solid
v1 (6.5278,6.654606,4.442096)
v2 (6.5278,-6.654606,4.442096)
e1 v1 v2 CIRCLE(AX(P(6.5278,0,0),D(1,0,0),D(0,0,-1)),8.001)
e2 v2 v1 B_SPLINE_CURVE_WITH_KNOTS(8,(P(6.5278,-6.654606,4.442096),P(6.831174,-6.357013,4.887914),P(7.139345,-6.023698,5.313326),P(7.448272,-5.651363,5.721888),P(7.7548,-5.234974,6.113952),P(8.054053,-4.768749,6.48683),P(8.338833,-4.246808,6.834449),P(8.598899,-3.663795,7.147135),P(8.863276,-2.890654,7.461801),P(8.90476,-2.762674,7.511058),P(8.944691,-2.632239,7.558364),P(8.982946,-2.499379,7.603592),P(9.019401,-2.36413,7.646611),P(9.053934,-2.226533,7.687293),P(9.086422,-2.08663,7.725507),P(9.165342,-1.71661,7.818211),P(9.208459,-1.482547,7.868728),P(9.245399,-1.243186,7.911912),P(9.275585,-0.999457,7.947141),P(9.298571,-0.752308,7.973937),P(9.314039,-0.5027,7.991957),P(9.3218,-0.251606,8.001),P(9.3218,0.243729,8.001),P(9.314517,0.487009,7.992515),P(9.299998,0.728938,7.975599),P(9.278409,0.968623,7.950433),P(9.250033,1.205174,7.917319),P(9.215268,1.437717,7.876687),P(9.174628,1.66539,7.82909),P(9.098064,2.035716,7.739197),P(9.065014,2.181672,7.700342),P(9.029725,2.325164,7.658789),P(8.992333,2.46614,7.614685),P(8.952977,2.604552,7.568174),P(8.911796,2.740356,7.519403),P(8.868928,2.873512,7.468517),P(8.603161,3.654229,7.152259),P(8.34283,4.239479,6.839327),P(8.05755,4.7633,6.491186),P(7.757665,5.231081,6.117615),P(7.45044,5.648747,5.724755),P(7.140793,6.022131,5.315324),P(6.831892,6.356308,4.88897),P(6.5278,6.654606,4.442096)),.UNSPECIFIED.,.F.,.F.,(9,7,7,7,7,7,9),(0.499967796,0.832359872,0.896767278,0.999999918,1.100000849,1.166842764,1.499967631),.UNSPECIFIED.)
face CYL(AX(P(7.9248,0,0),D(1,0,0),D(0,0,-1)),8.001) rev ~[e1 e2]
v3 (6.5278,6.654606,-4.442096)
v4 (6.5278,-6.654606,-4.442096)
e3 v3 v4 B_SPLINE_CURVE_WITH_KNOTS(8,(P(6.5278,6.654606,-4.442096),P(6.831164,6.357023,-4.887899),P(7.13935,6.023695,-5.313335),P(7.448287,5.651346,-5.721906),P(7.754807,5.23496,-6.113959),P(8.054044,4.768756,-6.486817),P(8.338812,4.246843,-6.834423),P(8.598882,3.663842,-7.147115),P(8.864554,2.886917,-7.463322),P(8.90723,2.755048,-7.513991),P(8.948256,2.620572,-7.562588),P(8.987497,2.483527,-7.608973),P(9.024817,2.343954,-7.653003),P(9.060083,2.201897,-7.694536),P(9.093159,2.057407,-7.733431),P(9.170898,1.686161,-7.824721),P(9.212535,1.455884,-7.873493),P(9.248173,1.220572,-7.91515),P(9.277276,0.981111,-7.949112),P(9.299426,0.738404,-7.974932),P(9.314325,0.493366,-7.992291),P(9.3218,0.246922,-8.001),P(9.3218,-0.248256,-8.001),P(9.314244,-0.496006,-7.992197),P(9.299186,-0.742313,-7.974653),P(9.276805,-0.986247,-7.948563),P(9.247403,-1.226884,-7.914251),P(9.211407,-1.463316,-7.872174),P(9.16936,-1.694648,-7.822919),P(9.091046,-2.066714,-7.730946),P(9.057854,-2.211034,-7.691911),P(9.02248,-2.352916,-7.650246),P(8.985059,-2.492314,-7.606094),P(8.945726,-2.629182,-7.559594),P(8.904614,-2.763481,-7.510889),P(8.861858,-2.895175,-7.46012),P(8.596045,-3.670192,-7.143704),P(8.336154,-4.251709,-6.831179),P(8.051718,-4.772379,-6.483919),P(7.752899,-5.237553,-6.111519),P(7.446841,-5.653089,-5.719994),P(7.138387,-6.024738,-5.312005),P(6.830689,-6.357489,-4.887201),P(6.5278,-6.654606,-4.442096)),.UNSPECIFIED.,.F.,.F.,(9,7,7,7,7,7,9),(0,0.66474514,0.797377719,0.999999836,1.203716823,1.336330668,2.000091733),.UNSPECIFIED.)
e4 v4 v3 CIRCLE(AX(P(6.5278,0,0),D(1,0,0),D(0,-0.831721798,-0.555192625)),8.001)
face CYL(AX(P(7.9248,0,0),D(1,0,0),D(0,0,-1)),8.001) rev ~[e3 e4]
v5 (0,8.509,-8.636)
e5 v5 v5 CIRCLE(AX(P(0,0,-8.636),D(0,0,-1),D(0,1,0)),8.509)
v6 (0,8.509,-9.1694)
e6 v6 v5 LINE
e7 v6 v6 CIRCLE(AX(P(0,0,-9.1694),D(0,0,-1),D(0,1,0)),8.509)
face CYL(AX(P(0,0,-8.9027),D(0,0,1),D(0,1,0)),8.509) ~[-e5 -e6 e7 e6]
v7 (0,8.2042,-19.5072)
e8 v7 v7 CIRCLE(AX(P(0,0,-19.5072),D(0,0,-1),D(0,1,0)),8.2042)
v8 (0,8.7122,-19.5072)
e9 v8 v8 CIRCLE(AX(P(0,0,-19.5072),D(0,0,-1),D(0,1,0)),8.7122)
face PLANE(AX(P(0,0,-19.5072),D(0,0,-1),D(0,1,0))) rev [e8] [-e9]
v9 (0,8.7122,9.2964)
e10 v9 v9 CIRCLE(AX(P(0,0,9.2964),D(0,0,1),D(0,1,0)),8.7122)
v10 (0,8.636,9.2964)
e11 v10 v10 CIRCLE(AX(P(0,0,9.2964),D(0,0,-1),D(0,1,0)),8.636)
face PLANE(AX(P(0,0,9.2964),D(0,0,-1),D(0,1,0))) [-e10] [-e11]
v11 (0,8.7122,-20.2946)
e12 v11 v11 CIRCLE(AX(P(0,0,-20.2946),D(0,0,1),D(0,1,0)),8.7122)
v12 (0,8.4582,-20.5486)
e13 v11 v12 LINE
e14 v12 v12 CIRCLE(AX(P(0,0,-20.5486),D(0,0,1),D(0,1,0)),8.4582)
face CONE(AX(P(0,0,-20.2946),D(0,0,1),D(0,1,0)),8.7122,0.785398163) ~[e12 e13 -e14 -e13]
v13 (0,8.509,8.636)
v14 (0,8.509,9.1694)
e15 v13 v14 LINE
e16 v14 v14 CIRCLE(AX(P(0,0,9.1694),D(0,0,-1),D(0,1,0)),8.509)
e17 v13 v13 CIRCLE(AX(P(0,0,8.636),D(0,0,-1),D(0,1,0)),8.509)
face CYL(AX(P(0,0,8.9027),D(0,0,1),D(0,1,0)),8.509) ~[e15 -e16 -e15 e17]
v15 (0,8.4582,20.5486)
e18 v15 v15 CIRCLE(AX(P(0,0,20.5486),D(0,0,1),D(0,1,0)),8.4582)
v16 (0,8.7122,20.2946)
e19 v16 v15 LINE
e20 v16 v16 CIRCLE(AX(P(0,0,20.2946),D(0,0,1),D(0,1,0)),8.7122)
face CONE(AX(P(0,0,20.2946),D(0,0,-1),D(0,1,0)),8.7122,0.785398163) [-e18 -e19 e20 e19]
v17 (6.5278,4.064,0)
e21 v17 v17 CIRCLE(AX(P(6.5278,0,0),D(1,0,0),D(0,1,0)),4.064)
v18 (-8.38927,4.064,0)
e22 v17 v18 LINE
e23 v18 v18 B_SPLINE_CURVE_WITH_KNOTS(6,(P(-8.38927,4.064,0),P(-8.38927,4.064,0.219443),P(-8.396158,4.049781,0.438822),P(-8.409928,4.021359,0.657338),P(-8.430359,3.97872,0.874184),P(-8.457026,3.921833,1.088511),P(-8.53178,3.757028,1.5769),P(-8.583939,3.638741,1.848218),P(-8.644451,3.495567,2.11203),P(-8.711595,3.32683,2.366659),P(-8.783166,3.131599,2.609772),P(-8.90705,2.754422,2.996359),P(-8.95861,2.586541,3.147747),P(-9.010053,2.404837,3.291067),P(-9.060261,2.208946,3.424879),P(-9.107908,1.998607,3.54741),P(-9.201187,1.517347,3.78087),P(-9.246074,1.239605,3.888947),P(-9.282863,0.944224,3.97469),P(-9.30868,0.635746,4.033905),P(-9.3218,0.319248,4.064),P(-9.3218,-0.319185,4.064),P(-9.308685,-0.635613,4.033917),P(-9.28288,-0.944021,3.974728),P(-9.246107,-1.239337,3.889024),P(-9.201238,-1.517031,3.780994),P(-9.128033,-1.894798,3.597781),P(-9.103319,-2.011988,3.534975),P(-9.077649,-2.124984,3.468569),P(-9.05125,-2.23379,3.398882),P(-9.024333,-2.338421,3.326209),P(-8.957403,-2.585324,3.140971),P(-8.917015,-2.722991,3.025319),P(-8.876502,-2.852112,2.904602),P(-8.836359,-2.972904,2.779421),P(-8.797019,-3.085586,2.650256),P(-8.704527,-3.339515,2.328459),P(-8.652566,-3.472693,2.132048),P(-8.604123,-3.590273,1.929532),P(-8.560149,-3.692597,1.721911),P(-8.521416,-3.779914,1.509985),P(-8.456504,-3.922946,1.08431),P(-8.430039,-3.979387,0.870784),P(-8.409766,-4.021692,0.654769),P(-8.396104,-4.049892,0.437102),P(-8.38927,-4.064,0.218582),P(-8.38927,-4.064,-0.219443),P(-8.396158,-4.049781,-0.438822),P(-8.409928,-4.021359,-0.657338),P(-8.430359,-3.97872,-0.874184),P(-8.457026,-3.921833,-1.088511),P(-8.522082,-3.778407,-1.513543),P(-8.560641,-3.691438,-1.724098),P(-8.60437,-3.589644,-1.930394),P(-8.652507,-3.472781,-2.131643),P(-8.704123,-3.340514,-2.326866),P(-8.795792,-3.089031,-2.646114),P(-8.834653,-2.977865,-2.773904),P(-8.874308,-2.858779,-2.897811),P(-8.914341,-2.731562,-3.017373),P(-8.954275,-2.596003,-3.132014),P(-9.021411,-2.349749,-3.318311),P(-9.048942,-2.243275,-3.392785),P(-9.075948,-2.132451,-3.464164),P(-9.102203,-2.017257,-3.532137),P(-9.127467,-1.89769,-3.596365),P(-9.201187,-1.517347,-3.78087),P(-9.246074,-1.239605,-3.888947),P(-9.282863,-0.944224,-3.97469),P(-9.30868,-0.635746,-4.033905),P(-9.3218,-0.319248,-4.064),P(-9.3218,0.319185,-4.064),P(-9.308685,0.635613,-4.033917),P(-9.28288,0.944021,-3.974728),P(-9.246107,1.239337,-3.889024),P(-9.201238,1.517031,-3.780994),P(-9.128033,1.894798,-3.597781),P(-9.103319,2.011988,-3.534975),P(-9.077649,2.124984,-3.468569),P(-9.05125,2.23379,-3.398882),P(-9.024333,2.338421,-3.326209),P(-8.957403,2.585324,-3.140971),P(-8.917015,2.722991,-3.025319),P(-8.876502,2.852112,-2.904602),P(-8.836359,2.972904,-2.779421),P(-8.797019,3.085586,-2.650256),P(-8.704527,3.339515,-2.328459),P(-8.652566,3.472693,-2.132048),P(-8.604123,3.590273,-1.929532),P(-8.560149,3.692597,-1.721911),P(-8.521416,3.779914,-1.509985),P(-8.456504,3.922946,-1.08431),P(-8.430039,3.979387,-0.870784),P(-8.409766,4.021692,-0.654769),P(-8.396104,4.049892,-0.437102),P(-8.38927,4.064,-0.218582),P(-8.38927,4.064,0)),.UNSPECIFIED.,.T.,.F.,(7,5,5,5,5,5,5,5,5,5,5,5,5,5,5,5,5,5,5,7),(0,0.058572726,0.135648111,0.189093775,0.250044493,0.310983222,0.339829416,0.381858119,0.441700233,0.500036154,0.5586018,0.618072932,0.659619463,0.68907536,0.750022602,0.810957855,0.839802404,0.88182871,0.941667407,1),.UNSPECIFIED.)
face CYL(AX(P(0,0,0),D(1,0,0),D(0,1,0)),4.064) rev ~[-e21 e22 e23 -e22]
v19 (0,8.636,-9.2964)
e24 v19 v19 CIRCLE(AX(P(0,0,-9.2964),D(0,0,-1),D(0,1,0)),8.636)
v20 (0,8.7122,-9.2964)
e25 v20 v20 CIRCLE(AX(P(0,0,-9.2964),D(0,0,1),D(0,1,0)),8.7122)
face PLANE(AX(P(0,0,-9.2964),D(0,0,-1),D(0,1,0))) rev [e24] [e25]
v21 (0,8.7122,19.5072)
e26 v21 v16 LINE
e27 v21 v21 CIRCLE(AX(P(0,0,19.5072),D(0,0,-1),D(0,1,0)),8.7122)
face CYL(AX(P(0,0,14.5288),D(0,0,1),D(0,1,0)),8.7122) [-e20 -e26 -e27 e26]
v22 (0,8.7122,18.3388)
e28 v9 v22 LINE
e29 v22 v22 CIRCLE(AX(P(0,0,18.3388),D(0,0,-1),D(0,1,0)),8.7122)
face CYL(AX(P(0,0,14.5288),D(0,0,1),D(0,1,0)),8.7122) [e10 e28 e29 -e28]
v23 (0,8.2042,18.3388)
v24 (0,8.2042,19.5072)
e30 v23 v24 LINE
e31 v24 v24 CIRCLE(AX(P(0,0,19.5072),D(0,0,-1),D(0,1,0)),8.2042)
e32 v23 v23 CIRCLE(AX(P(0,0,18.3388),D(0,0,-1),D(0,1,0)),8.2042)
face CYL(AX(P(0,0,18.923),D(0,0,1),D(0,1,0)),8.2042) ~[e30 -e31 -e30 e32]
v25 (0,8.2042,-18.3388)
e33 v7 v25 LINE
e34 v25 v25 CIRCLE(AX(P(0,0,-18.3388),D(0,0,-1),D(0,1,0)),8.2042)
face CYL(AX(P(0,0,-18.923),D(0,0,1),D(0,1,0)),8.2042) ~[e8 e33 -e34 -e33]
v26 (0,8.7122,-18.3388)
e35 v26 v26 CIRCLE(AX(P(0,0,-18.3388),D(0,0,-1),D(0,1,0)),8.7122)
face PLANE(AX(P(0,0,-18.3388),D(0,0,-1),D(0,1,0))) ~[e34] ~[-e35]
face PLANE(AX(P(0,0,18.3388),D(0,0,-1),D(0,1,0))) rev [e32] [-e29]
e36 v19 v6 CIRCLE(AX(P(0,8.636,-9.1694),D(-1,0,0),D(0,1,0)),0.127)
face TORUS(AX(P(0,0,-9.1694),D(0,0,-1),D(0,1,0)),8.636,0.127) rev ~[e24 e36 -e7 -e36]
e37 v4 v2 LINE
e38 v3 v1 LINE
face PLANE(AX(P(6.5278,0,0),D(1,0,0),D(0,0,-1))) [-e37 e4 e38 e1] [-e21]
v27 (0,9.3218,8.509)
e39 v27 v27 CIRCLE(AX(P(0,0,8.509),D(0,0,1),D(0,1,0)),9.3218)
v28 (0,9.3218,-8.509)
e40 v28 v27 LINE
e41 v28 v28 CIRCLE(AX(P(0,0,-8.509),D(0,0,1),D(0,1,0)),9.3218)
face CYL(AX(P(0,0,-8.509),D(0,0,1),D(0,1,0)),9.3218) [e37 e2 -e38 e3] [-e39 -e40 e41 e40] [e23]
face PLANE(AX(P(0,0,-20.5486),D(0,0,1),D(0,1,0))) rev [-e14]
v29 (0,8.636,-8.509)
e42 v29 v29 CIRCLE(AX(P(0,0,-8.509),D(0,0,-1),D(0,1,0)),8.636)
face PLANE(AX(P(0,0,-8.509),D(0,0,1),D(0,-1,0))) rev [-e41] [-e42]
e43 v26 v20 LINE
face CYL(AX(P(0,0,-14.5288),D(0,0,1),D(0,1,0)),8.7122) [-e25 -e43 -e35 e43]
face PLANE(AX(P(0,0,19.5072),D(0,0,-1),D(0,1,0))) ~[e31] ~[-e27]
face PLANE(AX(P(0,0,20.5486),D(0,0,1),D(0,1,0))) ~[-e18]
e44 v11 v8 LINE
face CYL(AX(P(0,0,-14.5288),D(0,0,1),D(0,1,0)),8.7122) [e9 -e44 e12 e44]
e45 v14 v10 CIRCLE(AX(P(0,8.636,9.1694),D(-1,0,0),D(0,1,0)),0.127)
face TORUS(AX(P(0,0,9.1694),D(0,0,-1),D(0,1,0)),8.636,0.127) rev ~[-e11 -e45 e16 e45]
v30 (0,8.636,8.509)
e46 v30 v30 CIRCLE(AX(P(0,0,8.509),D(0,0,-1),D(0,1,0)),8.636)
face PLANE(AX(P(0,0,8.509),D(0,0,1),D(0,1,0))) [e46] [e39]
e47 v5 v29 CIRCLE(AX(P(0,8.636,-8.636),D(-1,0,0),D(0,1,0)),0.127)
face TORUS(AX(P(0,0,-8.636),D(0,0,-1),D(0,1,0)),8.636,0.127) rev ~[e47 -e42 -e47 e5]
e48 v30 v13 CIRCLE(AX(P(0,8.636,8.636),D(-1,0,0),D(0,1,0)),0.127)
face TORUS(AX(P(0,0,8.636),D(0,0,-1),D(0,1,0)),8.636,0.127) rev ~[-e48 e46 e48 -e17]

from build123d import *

# Parameters (mm, degrees)
F0_W          = 8.7122
F0_H          = 8.509
F0_W_2        = 0.6096
F0_H_2        = 12.0396
F2_R          = 4.064
F3_DEPTH      = 9.3228
F3_DEPTH_BACK = 9.3228
F4_W          = 2.794
F4_H          = 8.001
F6_W          = 0.2032
F6_H          = 0.7874
F6_W_2        = 6.1468
F8_W          = 0.508
F8_H          = 1.1684
F10_R         = 0.127
F11_SIZE      = 0.254


with BuildPart() as f1:
    # F0 (on Right) → F1 (revolve)
    with BuildSketch(Plane.YZ):
        with Locations((4.3561, 4.2545)):
            Rectangle(F0_W, F0_H)
        with Locations((4.3561, -4.2545)):
            Rectangle(F0_W, F0_H)
        with Locations((9.017, 4.2545)):
            Rectangle(F0_W_2, F0_H)
        with Locations((9.017, -4.2545)):
            Rectangle(F0_W_2, F0_H)
        with Locations((4.3561, -14.5288)):
            Rectangle(F0_W, F0_H_2)
        with Locations((4.3561, 14.5288)):
            Rectangle(F0_W, F0_H_2)
    revolve(axis=Axis((0, 0, 10.2743), (0, 0, 1)))

    # F2 (on Right) → F3 (cut, two sides)
    with BuildSketch(Plane.YZ) as f3_sk:
        Circle(F2_R)
    extrude(amount=-F3_DEPTH, mode=Mode.SUBTRACT)
    extrude(f3_sk.sketch, amount=F3_DEPTH_BACK, mode=Mode.SUBTRACT)

    # F4 (on Front) → F5 (revolve, cut)
    with BuildSketch(Plane.XZ):
        with Locations((7.9248, -4.0005)):
            Rectangle(F4_W, F4_H)
    revolve(axis=Axis((12.8778, 0, 0), (1, 0, 0)), mode=Mode.SUBTRACT)

    # F6 (on Right) → F7 (revolve, cut)
    with BuildSketch(Plane.YZ):
        Polygon((14.859, -8.509), (9.3218, -8.509), (8.7122, -8.509), (8.7122, -9.2964), (14.859, -9.2964), align=None)
        with Locations((8.6106, -8.9027)):
            Rectangle(F6_W, F6_H)
        with Locations((8.6106, 8.9027)):
            Rectangle(F6_W, F6_H)
        with Locations((11.7856, 8.9027)):
            Rectangle(F6_W_2, F6_H)
    revolve(axis=Axis((0, 0, -10.2471997961), (0, 0, -1)), mode=Mode.SUBTRACT)

    # F8 (on Right) → F9 (revolve, cut)
    with BuildSketch(Plane.YZ):
        with Locations((8.4582, -18.923)):
            Rectangle(F8_W, F8_H)
        with Locations((8.4582, 18.923)):
            Rectangle(F8_W, F8_H)
    revolve(axis=Axis((0, 0, -10.2743), (0, 0, -1)), mode=Mode.SUBTRACT)

    # F10
    f10_edges = [f1.edges().sort_by_distance(p)[0] for p in [
        (0, -8.509, -8.509),
        (0, -8.509, -9.2964),
        (0, -8.509, 8.509),
        (0, -8.509, 9.2964),
    ]]
    fillet(f10_edges, radius=F10_R)

    # F11
    f11_edges = [f1.edges().sort_by_distance(p)[0] for p in [
        (0, -8.7122, 20.5486),
        (0, -8.7122, -20.5486),
    ]]
    chamfer(f11_edges, length=F11_SIZE)


solid = f1.part
